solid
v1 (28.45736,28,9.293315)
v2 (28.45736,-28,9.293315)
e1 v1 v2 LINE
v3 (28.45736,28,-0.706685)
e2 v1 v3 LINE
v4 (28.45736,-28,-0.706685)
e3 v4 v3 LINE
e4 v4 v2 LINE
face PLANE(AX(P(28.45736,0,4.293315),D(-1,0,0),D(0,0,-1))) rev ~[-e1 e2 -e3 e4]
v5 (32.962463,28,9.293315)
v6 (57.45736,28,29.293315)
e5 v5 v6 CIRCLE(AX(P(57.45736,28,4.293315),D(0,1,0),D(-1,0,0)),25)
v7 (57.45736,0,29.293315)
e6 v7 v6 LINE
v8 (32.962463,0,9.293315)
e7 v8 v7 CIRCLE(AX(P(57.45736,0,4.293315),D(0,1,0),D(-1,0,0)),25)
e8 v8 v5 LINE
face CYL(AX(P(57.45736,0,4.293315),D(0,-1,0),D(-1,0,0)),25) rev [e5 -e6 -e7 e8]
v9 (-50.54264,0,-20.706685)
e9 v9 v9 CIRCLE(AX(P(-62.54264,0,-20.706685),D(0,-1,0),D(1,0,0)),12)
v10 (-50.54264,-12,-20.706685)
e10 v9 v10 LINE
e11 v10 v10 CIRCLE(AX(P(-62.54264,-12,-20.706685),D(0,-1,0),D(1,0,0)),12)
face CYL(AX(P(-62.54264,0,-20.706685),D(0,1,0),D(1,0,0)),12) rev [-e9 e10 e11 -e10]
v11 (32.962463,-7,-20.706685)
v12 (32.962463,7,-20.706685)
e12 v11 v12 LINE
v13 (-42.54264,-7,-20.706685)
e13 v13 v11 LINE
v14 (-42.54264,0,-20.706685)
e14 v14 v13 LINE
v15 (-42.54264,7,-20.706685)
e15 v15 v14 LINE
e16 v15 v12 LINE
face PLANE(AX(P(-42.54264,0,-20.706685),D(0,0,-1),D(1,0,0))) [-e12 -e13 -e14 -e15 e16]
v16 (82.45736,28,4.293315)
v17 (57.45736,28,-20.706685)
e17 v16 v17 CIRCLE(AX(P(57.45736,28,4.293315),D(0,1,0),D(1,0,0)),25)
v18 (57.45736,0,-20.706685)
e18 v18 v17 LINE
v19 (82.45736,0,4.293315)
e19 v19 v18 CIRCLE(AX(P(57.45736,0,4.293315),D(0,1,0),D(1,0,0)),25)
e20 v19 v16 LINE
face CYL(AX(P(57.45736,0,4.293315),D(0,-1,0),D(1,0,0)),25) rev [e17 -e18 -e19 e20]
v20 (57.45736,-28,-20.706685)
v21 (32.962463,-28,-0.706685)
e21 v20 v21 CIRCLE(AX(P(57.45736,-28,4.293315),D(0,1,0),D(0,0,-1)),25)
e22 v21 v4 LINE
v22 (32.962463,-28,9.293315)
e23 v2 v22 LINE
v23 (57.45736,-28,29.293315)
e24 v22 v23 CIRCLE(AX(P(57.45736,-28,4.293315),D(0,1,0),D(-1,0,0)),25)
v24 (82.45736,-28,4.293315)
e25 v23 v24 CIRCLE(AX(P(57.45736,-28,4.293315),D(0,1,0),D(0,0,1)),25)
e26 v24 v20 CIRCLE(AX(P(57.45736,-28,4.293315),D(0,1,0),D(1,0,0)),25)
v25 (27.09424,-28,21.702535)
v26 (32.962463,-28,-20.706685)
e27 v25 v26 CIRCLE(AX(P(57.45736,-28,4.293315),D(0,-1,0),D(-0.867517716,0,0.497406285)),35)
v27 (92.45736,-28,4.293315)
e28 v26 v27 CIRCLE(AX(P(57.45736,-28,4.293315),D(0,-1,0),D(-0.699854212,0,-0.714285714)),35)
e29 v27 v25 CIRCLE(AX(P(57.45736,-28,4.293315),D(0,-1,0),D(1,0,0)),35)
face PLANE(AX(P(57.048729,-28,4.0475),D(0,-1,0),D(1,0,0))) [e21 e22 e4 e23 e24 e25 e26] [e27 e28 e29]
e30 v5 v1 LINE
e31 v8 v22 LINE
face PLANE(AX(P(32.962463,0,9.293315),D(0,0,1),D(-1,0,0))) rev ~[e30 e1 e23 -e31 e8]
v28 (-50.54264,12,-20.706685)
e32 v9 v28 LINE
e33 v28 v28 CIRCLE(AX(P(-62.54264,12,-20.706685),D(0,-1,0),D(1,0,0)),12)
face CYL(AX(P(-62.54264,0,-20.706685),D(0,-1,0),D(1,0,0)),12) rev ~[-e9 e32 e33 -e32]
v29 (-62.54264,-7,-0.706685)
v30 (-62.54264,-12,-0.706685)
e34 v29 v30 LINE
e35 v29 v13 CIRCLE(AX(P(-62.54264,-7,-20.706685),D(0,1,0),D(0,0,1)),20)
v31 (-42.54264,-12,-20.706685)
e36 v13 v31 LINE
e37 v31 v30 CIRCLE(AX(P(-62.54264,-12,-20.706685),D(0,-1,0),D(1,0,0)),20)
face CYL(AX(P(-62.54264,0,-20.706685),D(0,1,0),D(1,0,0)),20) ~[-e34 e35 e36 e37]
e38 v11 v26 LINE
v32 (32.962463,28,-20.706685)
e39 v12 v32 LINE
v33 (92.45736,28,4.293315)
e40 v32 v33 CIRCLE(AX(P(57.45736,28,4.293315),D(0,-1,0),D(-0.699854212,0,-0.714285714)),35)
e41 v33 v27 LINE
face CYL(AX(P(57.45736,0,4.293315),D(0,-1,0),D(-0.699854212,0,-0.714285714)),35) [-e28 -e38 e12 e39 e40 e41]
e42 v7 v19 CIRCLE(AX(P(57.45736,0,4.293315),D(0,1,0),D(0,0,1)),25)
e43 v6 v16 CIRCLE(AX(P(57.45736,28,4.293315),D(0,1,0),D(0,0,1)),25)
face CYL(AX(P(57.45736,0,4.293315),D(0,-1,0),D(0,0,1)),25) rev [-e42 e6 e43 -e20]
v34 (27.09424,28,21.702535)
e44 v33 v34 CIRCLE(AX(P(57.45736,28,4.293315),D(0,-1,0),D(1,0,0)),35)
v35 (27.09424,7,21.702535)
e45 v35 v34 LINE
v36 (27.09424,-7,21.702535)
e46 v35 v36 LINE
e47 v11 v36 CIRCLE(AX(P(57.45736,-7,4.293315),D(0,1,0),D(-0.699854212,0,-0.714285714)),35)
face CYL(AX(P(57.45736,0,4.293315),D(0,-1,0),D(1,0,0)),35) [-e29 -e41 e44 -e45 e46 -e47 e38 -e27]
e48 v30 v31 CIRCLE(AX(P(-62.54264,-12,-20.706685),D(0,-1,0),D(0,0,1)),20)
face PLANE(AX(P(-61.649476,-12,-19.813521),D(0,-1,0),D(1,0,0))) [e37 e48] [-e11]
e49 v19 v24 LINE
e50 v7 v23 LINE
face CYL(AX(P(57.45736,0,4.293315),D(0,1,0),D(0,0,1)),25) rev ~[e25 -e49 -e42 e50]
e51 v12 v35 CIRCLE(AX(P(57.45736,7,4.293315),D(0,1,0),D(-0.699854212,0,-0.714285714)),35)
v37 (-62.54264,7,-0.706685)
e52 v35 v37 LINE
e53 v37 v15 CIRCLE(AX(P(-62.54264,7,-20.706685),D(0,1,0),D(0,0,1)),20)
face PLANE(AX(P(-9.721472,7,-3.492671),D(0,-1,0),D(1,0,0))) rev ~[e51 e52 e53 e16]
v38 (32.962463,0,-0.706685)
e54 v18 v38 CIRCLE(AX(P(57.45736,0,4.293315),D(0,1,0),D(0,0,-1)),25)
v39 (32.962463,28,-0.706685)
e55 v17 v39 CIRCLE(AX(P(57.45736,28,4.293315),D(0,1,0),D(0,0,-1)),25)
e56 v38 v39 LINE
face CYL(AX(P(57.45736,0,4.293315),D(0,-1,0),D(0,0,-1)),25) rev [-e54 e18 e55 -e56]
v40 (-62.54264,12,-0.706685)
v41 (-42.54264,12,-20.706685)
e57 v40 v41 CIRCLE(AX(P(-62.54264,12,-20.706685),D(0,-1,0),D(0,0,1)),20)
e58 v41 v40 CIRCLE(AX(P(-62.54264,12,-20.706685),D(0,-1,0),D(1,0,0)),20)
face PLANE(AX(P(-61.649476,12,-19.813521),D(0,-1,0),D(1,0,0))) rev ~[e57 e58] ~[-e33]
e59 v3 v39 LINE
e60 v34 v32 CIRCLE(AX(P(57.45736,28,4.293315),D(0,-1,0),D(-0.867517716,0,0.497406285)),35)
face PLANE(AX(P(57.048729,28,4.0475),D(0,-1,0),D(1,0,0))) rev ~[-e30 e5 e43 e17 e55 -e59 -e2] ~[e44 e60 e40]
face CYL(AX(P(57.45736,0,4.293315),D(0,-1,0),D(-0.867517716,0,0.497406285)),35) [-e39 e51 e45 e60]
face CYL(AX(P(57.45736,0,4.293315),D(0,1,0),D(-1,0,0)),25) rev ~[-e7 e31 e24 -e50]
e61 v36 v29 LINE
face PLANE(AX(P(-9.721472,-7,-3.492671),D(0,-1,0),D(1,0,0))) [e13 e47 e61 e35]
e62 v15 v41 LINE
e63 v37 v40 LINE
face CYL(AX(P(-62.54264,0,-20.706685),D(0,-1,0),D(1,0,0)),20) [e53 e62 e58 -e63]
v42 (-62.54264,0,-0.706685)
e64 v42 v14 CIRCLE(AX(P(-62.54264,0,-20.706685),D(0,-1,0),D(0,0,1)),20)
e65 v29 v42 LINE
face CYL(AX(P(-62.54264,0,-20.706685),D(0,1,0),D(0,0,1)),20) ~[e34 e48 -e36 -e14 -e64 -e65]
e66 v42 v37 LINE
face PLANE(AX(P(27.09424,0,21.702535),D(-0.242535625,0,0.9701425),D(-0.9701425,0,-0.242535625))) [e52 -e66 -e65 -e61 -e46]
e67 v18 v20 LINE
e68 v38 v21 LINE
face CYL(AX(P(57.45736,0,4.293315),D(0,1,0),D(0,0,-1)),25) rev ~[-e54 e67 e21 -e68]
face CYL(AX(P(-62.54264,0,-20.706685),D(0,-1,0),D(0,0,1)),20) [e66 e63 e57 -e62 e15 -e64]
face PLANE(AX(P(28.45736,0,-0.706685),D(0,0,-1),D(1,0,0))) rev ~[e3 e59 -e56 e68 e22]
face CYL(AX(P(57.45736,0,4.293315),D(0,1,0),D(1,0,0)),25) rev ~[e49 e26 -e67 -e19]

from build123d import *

# Parameters (mm, degrees)
F1_DEPTH      = 7
F1_DEPTH_BACK = 7
F0_R          = 12
F2_DEPTH      = 12
F2_DEPTH_BACK = 12
F3_DEPTH      = 28
F3_DEPTH_BACK = 28
F5_DEPTH      = 57.4
F5_DEPTH_BACK = 40.2
F6_DEPTH      = 102.2
F6_DEPTH_BACK = 32.7


with BuildPart() as f1:
    # F0 (on Front) → F1 (new body, two sides)
    with BuildSketch(Plane.XZ) as f1_sk:
        with BuildLine():
            ThreePointArc((-62.5426396728, -0.7066852599), (-48.400504049, -6.5645496362), (-42.5426396728, -20.7066852599))
            Line((-42.5426396728, -20.7066852599), (32.9624628994, -20.7066852599))
            ThreePointArc((32.9624628994, -20.7066852599), (22.7876905063, -0.5039755893), (27.0942402723, 21.7025347263))
            Line((27.0942402723, 21.7025347263), (-62.5426396728, -0.7066852599))
        make_face()
    extrude(amount=F1_DEPTH)
    extrude(f1_sk.sketch, amount=-F1_DEPTH_BACK)

    # F0 (on Front) → F2 (join, two sides)
    with BuildSketch(Plane.XZ) as f2_sk:
        with BuildLine():
            ThreePointArc((-62.5426396728, -0.7066852599), (-76.6847752965, -34.8488208837), (-42.5426396728, -20.7066852599))
            ThreePointArc((-42.5426396728, -20.7066852599), (-48.400504049, -6.5645496362), (-62.5426396728, -0.7066852599))
        make_face()
        with Locations((-62.5426396728, -20.7066852599)):
            Circle(F0_R, mode=Mode.SUBTRACT)
    extrude(amount=F2_DEPTH)
    extrude(f2_sk.sketch, amount=-F2_DEPTH_BACK)

    # F0 (on Front) → F3 (join, two sides)
    with BuildSketch(Plane.XZ) as f3_sk:
        with BuildLine():
            ThreePointArc((27.0942402723, 21.7025347263), (22.7876905063, -0.5039755893), (32.9624628994, -20.7066852599))
            ThreePointArc((32.9624628994, -20.7066852599), (71.0160953351, -27.9737072017), (92.4573603272, 4.2933147401))
            ThreePointArc((92.4573603272, 4.2933147401), (66.4654344299, 38.114234316), (27.0942402723, 21.7025347263))
        make_face()
        with BuildLine():
            ThreePointArc((57.4573603272, 29.2933147401), (75.1350298569, 21.9709842697), (82.4573603272, 4.2933147401))
            ThreePointArc((82.4573603272, 4.2933147401), (75.1350298569, -13.3843547896), (57.4573603272, -20.7066852599))
            ThreePointArc((57.4573603272, -20.7066852599), (39.7796907976, -13.3843547896), (32.4573603272, 4.2933147401))
            ThreePointArc((32.4573603272, 4.2933147401), (39.7796907976, 21.9709842697), (57.4573603272, 29.2933147401))
        make_face(mode=Mode.SUBTRACT)
    extrude(amount=F3_DEPTH)
    extrude(f3_sk.sketch, amount=-F3_DEPTH_BACK)

    # F4 (on face) → F5 (cut, two sides)
    with BuildSketch(Plane.XZ) as f5_sk:
        with BuildLine():
            ThreePointArc((32.9624628994, -0.7066852599), (32.5839565021, 1.7805906899), (32.4573603272, 4.2933147401))
            Line((32.4573603272, 4.2933147401), (28.4573603272, 4.2933147401))
            Line((28.4573603272, 4.2933147401), (28.4573603272, -0.7066852599))
            Line((28.4573603272, -0.7066852599), (32.9624628994, -0.7066852599))
        make_face()
    extrude(amount=-F5_DEPTH, mode=Mode.SUBTRACT)
    extrude(f5_sk.sketch, amount=F5_DEPTH_BACK, mode=Mode.SUBTRACT)

    # F4 (on face) → F6 (cut, two sides)
    with BuildSketch(Plane.XZ) as f6_sk:
        with BuildLine():
            Line((28.4573603272, 4.2933147401), (32.4573603272, 4.2933147401))
            ThreePointArc((32.4573603272, 4.2933147401), (32.5839565021, 6.8060387902), (32.9624628994, 9.2933147401))
            Line((32.9624628994, 9.2933147401), (32.4573603272, 9.2933147401))
            Line((32.4573603272, 9.2933147401), (28.4573603272, 9.2933147401))
            Line((28.4573603272, 9.2933147401), (28.4573603272, 4.2933147401))
        make_face()
    extrude(amount=-F6_DEPTH, mode=Mode.SUBTRACT)
    extrude(f6_sk.sketch, amount=F6_DEPTH_BACK, mode=Mode.SUBTRACT)


solid = f1.part
